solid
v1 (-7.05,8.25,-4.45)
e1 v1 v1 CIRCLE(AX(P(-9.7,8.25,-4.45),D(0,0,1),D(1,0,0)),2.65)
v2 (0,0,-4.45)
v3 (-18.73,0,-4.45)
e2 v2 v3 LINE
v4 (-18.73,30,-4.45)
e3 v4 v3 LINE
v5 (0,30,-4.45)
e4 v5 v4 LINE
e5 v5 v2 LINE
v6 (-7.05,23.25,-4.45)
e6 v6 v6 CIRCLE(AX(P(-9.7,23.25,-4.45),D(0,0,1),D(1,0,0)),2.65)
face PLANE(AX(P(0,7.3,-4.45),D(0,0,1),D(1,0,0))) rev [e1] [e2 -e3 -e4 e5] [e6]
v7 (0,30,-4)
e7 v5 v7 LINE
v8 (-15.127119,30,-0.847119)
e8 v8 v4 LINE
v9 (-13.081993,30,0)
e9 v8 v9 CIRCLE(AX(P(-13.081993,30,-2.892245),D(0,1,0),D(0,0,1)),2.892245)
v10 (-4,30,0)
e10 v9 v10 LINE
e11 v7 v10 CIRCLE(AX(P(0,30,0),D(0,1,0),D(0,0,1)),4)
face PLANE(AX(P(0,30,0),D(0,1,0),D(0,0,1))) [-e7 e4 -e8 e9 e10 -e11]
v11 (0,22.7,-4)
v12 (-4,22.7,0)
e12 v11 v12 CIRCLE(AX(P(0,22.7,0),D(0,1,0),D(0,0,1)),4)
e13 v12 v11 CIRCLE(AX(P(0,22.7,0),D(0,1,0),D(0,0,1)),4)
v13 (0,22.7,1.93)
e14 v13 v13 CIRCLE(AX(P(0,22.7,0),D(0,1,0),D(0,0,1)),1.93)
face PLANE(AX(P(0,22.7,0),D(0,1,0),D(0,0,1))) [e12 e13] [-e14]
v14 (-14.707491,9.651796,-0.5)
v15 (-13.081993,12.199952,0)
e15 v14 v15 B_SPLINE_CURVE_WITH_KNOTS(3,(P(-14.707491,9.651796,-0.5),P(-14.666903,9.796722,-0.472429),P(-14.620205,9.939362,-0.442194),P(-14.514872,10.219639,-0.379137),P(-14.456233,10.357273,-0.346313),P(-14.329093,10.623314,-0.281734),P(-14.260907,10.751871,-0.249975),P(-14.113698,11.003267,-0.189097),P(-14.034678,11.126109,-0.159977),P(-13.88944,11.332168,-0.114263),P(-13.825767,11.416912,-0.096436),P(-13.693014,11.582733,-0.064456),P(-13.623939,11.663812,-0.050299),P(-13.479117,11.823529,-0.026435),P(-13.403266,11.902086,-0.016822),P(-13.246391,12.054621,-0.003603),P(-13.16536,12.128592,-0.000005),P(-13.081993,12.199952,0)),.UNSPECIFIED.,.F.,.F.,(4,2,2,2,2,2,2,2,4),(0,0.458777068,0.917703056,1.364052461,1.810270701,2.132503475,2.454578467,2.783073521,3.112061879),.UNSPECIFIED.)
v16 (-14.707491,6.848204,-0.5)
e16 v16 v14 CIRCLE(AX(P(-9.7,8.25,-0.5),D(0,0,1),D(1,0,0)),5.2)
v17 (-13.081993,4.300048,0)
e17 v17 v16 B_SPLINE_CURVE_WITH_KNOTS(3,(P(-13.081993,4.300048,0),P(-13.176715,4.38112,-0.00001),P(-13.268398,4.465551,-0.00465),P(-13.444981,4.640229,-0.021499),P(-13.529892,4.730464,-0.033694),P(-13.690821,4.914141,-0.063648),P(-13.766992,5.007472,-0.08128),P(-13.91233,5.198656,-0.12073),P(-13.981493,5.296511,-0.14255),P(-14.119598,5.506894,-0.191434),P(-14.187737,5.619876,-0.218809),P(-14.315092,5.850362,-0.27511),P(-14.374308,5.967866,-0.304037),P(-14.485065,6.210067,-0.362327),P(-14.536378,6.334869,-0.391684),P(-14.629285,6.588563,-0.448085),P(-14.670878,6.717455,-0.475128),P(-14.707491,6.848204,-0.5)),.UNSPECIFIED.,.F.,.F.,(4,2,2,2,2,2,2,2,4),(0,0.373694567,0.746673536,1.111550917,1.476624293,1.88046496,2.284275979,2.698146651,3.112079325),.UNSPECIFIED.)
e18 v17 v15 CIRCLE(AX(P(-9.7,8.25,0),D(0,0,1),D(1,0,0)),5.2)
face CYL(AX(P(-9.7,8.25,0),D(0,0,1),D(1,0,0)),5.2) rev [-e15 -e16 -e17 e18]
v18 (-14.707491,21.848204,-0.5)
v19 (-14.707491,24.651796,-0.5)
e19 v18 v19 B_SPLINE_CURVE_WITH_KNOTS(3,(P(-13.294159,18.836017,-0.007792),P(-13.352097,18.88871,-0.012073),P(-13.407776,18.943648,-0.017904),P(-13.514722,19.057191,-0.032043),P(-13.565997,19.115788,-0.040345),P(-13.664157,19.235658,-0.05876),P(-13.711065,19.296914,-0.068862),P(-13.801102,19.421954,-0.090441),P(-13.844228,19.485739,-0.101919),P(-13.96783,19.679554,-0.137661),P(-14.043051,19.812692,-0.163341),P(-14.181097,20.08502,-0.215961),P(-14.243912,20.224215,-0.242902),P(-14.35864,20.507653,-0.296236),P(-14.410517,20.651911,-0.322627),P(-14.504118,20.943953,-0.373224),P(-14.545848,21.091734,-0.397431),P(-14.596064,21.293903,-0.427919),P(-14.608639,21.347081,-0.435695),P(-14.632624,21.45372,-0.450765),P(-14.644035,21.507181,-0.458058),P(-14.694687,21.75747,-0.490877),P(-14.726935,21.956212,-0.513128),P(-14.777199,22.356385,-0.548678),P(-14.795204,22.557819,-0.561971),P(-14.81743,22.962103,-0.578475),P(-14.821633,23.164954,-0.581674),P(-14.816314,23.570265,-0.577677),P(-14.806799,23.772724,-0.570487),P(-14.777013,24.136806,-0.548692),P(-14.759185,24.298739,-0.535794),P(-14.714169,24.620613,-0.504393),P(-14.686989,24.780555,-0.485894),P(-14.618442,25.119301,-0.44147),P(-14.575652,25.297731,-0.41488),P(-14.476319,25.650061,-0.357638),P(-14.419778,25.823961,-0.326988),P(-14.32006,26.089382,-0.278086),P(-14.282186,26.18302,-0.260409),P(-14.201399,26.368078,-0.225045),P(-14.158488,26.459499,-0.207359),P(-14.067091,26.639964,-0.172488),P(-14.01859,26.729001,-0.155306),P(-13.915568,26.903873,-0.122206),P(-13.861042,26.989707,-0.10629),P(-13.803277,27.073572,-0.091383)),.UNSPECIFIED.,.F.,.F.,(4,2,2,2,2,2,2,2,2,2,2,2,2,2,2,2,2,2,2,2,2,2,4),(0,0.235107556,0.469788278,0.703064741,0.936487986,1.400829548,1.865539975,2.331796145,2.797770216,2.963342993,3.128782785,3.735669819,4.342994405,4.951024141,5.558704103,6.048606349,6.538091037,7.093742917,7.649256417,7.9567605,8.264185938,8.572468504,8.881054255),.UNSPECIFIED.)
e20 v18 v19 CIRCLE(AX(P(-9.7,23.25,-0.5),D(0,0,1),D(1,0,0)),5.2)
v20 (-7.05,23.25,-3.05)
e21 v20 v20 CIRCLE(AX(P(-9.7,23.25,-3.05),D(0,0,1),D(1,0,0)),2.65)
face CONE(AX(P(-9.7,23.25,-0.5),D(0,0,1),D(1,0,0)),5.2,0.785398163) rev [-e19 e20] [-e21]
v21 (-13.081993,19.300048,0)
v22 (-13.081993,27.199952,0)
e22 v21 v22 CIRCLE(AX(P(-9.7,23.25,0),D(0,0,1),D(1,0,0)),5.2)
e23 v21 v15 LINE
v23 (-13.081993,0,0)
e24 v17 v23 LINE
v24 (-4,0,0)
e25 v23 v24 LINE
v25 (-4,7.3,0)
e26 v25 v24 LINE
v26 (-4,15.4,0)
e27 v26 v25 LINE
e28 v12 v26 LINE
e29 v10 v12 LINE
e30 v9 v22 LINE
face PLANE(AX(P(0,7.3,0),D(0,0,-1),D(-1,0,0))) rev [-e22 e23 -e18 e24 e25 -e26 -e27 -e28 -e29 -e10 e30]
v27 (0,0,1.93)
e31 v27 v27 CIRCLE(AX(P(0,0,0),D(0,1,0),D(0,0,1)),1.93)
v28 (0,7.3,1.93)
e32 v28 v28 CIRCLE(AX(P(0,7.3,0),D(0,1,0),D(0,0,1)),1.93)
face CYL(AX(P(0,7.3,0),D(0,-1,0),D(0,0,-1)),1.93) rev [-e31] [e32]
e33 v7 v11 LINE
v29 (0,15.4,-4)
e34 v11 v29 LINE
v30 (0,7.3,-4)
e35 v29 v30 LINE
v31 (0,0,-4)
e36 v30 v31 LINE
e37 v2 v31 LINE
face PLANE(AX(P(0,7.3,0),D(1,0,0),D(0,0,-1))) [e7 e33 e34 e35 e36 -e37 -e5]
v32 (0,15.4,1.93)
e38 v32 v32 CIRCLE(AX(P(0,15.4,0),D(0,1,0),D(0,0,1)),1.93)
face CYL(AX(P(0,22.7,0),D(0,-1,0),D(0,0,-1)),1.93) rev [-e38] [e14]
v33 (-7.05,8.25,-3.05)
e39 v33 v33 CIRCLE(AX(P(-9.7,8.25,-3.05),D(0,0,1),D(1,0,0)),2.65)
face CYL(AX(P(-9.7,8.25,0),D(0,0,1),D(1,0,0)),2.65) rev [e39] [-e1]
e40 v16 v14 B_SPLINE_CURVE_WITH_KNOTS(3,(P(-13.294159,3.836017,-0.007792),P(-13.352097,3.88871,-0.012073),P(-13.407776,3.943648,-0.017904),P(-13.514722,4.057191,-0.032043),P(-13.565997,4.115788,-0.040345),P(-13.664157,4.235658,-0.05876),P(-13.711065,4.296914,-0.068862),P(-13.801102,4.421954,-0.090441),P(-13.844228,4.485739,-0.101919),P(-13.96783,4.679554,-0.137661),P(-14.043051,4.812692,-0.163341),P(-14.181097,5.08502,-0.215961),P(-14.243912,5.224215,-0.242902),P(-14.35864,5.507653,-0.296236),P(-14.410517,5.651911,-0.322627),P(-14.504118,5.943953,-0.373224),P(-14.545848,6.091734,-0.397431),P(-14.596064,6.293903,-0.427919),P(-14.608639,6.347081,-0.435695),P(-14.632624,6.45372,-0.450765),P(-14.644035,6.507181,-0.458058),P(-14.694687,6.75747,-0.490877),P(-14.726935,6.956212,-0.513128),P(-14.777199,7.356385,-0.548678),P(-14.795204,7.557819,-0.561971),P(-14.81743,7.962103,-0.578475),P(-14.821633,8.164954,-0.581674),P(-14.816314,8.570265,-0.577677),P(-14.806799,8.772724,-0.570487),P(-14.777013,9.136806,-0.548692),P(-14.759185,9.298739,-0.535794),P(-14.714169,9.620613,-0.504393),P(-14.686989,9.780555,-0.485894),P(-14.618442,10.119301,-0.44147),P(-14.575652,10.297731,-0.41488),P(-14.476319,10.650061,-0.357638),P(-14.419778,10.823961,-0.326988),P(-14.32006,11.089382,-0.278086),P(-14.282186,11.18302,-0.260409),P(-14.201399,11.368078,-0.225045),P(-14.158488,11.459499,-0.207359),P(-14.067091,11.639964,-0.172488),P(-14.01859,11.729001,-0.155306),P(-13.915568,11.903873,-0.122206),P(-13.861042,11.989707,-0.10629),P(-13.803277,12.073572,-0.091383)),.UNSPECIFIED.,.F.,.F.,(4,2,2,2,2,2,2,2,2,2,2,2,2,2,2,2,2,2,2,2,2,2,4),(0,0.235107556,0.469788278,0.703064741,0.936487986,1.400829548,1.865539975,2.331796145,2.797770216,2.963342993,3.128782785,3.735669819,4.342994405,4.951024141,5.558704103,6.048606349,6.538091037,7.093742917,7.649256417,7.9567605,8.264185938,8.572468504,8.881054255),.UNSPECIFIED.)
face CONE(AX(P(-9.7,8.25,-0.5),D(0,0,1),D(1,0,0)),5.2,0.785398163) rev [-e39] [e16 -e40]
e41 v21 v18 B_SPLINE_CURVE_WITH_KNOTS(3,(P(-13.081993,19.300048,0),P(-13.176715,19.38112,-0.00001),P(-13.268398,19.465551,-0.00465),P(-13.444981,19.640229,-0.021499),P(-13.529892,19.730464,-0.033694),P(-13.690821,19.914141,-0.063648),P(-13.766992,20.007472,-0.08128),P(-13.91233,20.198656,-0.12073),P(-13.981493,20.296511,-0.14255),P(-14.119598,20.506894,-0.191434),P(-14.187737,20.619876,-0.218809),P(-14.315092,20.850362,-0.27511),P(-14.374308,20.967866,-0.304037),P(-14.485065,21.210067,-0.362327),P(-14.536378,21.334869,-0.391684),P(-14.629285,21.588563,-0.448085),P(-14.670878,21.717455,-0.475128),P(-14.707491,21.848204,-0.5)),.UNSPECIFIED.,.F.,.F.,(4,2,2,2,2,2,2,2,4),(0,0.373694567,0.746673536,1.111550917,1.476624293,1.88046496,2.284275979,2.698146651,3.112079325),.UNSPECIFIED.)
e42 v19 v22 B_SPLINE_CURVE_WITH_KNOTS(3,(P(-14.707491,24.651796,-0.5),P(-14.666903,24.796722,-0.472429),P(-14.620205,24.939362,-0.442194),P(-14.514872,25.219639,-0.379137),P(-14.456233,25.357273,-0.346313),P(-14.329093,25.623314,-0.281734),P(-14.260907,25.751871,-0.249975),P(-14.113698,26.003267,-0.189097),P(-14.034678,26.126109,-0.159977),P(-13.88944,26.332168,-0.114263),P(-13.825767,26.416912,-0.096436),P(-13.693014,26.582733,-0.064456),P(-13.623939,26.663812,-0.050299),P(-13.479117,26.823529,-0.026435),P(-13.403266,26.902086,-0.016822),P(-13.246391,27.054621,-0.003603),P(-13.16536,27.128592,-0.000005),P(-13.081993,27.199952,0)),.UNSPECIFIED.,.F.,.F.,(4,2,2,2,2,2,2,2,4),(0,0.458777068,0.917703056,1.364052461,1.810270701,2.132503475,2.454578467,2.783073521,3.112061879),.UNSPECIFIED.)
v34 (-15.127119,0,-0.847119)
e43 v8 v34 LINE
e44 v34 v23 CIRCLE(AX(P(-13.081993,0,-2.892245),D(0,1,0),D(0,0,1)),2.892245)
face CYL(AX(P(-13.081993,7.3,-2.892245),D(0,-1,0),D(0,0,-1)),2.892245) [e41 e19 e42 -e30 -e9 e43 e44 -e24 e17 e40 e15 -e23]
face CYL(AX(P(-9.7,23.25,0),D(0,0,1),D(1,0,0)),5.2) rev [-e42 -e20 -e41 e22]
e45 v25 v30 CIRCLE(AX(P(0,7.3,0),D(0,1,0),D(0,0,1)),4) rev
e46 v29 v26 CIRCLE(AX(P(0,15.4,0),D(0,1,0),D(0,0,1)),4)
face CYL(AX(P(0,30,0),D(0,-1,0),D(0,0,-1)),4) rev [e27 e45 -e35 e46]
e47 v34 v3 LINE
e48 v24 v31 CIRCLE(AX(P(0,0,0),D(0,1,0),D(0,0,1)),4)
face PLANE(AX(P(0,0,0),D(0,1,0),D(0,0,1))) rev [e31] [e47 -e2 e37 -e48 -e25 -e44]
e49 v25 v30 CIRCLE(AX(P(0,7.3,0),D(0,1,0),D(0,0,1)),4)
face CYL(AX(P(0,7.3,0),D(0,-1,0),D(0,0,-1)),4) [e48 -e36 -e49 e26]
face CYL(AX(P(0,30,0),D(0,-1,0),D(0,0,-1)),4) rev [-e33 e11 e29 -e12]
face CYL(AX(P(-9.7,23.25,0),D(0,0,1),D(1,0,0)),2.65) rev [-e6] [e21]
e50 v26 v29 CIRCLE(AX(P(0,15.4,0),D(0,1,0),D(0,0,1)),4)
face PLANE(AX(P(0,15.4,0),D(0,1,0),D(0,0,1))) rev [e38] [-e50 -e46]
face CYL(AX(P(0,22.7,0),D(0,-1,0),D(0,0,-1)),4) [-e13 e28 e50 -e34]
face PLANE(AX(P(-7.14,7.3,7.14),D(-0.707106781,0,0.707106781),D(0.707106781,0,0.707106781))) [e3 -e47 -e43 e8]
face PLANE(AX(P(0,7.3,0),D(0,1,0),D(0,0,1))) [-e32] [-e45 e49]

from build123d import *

# Parameters (mm, degrees)
SKETCH1_R                                    = 1.93
BOSS_EXTRUDE1_DEPTH                          = 7.3
BOSS_EXTRUDE2_DEPTH                          = 30
BOSS_EXTRUDE5_START                          = 15.4
SKETCH1_7_R                                  = 1.93
BOSS_EXTRUDE5_DEPTH                          = 7.3
CSK_FOR_M5_COUNTERSUNK_FLAT_HEAD_SCR_2_COUNT = 2
CSK_FOR_M5_COUNTERSUNK_FLAT_HEAD_SCR_2_PITCH = 15


with BuildPart() as part:
    # Sketch1 → Boss-Extrude1 (new body)
    with BuildSketch(Plane(origin=(0, 0, 0), x_dir=(1, 0, 0), z_dir=(0, 1, 0))):
        with BuildLine():
            Line((0, 4), (0, 4.45))
            Line((0, 4.45), (-18.73, 4.45))
            Line((-18.73, 4.45), (-15.127118856, 0.847118856))
            ThreePointArc((-15.127118856, 0.847118856), (-14.188807149, 0.220159018), (-13.081993025, 0))
            Line((-13.081993025, 0), (-4, 0))
            ThreePointArc((-4, 0), (2.828427125, -2.828427125), (0, 4))
        make_face()
        Circle(SKETCH1_R, mode=Mode.SUBTRACT)
    extrude(amount=BOSS_EXTRUDE1_DEPTH)

    # Sketch1<3> → Boss-Extrude2 (add)
    with BuildSketch(Plane(origin=(0, 0, 0), x_dir=(1, 0, 0), z_dir=(0, 1, 0))):
        with BuildLine():
            Line((0, 4), (0, 4.45))
            Line((0, 4.45), (-18.73, 4.45))
            Line((-18.73, 4.45), (-15.127118856, 0.847118856))
            ThreePointArc((-15.127118856, 0.847118856), (-14.188807149, 0.220159018), (-13.081993025, 0))
            Line((-13.081993025, 0), (-4, 0))
            ThreePointArc((-4, 0), (-2.828427125, 2.828427125), (0, 4))
        make_face()
    extrude(amount=BOSS_EXTRUDE2_DEPTH)

    # Sketch1<7> → Boss-Extrude5 (add)
    with BuildSketch(Plane(origin=(0, 0, 0), x_dir=(1, 0, 0), z_dir=(0, 1, 0)).offset(BOSS_EXTRUDE5_START)):
        with BuildLine():
            ThreePointArc((4, 0), (2.828427125, 2.828427125), (0, 4))
            ThreePointArc((0, 4), (-2.828427125, 2.828427125), (-4, 0))
            ThreePointArc((-4, 0), (0, -4), (4, 0))
        make_face()
        Circle(SKETCH1_7_R, mode=Mode.SUBTRACT)
    extrude(amount=BOSS_EXTRUDE5_DEPTH)

    # Sketch3 → CSK for M5 Countersunk Flat Head Screw1 (revolve, cut)
    with BuildSketch(Plane(origin=(-9.7, 23.25, 0), x_dir=(0, -1, 0), z_dir=(1, 0, 0))):
        Polygon((0, 0), (0, 4.45), (2.65, 4.45), (2.65, 3.05), (5.2, 0.5), (5.2, 0), align=None)
    csk_for_m5_countersunk_flat_head_screw1 = revolve(axis=Axis((-9.7, 23.25, 6.35), (0, 0, -1)), mode=Mode.SUBTRACT)

    # CSK for M5 Countersunk Flat Head Scr 2: CSK for M5 Countersunk Flat Head Screw1 ×2
    with Locations(*[(0, -i * CSK_FOR_M5_COUNTERSUNK_FLAT_HEAD_SCR_2_PITCH, 0) for i in range(1, CSK_FOR_M5_COUNTERSUNK_FLAT_HEAD_SCR_2_COUNT)]):
        add(csk_for_m5_countersunk_flat_head_screw1, mode=Mode.SUBTRACT)


solid = part.part
